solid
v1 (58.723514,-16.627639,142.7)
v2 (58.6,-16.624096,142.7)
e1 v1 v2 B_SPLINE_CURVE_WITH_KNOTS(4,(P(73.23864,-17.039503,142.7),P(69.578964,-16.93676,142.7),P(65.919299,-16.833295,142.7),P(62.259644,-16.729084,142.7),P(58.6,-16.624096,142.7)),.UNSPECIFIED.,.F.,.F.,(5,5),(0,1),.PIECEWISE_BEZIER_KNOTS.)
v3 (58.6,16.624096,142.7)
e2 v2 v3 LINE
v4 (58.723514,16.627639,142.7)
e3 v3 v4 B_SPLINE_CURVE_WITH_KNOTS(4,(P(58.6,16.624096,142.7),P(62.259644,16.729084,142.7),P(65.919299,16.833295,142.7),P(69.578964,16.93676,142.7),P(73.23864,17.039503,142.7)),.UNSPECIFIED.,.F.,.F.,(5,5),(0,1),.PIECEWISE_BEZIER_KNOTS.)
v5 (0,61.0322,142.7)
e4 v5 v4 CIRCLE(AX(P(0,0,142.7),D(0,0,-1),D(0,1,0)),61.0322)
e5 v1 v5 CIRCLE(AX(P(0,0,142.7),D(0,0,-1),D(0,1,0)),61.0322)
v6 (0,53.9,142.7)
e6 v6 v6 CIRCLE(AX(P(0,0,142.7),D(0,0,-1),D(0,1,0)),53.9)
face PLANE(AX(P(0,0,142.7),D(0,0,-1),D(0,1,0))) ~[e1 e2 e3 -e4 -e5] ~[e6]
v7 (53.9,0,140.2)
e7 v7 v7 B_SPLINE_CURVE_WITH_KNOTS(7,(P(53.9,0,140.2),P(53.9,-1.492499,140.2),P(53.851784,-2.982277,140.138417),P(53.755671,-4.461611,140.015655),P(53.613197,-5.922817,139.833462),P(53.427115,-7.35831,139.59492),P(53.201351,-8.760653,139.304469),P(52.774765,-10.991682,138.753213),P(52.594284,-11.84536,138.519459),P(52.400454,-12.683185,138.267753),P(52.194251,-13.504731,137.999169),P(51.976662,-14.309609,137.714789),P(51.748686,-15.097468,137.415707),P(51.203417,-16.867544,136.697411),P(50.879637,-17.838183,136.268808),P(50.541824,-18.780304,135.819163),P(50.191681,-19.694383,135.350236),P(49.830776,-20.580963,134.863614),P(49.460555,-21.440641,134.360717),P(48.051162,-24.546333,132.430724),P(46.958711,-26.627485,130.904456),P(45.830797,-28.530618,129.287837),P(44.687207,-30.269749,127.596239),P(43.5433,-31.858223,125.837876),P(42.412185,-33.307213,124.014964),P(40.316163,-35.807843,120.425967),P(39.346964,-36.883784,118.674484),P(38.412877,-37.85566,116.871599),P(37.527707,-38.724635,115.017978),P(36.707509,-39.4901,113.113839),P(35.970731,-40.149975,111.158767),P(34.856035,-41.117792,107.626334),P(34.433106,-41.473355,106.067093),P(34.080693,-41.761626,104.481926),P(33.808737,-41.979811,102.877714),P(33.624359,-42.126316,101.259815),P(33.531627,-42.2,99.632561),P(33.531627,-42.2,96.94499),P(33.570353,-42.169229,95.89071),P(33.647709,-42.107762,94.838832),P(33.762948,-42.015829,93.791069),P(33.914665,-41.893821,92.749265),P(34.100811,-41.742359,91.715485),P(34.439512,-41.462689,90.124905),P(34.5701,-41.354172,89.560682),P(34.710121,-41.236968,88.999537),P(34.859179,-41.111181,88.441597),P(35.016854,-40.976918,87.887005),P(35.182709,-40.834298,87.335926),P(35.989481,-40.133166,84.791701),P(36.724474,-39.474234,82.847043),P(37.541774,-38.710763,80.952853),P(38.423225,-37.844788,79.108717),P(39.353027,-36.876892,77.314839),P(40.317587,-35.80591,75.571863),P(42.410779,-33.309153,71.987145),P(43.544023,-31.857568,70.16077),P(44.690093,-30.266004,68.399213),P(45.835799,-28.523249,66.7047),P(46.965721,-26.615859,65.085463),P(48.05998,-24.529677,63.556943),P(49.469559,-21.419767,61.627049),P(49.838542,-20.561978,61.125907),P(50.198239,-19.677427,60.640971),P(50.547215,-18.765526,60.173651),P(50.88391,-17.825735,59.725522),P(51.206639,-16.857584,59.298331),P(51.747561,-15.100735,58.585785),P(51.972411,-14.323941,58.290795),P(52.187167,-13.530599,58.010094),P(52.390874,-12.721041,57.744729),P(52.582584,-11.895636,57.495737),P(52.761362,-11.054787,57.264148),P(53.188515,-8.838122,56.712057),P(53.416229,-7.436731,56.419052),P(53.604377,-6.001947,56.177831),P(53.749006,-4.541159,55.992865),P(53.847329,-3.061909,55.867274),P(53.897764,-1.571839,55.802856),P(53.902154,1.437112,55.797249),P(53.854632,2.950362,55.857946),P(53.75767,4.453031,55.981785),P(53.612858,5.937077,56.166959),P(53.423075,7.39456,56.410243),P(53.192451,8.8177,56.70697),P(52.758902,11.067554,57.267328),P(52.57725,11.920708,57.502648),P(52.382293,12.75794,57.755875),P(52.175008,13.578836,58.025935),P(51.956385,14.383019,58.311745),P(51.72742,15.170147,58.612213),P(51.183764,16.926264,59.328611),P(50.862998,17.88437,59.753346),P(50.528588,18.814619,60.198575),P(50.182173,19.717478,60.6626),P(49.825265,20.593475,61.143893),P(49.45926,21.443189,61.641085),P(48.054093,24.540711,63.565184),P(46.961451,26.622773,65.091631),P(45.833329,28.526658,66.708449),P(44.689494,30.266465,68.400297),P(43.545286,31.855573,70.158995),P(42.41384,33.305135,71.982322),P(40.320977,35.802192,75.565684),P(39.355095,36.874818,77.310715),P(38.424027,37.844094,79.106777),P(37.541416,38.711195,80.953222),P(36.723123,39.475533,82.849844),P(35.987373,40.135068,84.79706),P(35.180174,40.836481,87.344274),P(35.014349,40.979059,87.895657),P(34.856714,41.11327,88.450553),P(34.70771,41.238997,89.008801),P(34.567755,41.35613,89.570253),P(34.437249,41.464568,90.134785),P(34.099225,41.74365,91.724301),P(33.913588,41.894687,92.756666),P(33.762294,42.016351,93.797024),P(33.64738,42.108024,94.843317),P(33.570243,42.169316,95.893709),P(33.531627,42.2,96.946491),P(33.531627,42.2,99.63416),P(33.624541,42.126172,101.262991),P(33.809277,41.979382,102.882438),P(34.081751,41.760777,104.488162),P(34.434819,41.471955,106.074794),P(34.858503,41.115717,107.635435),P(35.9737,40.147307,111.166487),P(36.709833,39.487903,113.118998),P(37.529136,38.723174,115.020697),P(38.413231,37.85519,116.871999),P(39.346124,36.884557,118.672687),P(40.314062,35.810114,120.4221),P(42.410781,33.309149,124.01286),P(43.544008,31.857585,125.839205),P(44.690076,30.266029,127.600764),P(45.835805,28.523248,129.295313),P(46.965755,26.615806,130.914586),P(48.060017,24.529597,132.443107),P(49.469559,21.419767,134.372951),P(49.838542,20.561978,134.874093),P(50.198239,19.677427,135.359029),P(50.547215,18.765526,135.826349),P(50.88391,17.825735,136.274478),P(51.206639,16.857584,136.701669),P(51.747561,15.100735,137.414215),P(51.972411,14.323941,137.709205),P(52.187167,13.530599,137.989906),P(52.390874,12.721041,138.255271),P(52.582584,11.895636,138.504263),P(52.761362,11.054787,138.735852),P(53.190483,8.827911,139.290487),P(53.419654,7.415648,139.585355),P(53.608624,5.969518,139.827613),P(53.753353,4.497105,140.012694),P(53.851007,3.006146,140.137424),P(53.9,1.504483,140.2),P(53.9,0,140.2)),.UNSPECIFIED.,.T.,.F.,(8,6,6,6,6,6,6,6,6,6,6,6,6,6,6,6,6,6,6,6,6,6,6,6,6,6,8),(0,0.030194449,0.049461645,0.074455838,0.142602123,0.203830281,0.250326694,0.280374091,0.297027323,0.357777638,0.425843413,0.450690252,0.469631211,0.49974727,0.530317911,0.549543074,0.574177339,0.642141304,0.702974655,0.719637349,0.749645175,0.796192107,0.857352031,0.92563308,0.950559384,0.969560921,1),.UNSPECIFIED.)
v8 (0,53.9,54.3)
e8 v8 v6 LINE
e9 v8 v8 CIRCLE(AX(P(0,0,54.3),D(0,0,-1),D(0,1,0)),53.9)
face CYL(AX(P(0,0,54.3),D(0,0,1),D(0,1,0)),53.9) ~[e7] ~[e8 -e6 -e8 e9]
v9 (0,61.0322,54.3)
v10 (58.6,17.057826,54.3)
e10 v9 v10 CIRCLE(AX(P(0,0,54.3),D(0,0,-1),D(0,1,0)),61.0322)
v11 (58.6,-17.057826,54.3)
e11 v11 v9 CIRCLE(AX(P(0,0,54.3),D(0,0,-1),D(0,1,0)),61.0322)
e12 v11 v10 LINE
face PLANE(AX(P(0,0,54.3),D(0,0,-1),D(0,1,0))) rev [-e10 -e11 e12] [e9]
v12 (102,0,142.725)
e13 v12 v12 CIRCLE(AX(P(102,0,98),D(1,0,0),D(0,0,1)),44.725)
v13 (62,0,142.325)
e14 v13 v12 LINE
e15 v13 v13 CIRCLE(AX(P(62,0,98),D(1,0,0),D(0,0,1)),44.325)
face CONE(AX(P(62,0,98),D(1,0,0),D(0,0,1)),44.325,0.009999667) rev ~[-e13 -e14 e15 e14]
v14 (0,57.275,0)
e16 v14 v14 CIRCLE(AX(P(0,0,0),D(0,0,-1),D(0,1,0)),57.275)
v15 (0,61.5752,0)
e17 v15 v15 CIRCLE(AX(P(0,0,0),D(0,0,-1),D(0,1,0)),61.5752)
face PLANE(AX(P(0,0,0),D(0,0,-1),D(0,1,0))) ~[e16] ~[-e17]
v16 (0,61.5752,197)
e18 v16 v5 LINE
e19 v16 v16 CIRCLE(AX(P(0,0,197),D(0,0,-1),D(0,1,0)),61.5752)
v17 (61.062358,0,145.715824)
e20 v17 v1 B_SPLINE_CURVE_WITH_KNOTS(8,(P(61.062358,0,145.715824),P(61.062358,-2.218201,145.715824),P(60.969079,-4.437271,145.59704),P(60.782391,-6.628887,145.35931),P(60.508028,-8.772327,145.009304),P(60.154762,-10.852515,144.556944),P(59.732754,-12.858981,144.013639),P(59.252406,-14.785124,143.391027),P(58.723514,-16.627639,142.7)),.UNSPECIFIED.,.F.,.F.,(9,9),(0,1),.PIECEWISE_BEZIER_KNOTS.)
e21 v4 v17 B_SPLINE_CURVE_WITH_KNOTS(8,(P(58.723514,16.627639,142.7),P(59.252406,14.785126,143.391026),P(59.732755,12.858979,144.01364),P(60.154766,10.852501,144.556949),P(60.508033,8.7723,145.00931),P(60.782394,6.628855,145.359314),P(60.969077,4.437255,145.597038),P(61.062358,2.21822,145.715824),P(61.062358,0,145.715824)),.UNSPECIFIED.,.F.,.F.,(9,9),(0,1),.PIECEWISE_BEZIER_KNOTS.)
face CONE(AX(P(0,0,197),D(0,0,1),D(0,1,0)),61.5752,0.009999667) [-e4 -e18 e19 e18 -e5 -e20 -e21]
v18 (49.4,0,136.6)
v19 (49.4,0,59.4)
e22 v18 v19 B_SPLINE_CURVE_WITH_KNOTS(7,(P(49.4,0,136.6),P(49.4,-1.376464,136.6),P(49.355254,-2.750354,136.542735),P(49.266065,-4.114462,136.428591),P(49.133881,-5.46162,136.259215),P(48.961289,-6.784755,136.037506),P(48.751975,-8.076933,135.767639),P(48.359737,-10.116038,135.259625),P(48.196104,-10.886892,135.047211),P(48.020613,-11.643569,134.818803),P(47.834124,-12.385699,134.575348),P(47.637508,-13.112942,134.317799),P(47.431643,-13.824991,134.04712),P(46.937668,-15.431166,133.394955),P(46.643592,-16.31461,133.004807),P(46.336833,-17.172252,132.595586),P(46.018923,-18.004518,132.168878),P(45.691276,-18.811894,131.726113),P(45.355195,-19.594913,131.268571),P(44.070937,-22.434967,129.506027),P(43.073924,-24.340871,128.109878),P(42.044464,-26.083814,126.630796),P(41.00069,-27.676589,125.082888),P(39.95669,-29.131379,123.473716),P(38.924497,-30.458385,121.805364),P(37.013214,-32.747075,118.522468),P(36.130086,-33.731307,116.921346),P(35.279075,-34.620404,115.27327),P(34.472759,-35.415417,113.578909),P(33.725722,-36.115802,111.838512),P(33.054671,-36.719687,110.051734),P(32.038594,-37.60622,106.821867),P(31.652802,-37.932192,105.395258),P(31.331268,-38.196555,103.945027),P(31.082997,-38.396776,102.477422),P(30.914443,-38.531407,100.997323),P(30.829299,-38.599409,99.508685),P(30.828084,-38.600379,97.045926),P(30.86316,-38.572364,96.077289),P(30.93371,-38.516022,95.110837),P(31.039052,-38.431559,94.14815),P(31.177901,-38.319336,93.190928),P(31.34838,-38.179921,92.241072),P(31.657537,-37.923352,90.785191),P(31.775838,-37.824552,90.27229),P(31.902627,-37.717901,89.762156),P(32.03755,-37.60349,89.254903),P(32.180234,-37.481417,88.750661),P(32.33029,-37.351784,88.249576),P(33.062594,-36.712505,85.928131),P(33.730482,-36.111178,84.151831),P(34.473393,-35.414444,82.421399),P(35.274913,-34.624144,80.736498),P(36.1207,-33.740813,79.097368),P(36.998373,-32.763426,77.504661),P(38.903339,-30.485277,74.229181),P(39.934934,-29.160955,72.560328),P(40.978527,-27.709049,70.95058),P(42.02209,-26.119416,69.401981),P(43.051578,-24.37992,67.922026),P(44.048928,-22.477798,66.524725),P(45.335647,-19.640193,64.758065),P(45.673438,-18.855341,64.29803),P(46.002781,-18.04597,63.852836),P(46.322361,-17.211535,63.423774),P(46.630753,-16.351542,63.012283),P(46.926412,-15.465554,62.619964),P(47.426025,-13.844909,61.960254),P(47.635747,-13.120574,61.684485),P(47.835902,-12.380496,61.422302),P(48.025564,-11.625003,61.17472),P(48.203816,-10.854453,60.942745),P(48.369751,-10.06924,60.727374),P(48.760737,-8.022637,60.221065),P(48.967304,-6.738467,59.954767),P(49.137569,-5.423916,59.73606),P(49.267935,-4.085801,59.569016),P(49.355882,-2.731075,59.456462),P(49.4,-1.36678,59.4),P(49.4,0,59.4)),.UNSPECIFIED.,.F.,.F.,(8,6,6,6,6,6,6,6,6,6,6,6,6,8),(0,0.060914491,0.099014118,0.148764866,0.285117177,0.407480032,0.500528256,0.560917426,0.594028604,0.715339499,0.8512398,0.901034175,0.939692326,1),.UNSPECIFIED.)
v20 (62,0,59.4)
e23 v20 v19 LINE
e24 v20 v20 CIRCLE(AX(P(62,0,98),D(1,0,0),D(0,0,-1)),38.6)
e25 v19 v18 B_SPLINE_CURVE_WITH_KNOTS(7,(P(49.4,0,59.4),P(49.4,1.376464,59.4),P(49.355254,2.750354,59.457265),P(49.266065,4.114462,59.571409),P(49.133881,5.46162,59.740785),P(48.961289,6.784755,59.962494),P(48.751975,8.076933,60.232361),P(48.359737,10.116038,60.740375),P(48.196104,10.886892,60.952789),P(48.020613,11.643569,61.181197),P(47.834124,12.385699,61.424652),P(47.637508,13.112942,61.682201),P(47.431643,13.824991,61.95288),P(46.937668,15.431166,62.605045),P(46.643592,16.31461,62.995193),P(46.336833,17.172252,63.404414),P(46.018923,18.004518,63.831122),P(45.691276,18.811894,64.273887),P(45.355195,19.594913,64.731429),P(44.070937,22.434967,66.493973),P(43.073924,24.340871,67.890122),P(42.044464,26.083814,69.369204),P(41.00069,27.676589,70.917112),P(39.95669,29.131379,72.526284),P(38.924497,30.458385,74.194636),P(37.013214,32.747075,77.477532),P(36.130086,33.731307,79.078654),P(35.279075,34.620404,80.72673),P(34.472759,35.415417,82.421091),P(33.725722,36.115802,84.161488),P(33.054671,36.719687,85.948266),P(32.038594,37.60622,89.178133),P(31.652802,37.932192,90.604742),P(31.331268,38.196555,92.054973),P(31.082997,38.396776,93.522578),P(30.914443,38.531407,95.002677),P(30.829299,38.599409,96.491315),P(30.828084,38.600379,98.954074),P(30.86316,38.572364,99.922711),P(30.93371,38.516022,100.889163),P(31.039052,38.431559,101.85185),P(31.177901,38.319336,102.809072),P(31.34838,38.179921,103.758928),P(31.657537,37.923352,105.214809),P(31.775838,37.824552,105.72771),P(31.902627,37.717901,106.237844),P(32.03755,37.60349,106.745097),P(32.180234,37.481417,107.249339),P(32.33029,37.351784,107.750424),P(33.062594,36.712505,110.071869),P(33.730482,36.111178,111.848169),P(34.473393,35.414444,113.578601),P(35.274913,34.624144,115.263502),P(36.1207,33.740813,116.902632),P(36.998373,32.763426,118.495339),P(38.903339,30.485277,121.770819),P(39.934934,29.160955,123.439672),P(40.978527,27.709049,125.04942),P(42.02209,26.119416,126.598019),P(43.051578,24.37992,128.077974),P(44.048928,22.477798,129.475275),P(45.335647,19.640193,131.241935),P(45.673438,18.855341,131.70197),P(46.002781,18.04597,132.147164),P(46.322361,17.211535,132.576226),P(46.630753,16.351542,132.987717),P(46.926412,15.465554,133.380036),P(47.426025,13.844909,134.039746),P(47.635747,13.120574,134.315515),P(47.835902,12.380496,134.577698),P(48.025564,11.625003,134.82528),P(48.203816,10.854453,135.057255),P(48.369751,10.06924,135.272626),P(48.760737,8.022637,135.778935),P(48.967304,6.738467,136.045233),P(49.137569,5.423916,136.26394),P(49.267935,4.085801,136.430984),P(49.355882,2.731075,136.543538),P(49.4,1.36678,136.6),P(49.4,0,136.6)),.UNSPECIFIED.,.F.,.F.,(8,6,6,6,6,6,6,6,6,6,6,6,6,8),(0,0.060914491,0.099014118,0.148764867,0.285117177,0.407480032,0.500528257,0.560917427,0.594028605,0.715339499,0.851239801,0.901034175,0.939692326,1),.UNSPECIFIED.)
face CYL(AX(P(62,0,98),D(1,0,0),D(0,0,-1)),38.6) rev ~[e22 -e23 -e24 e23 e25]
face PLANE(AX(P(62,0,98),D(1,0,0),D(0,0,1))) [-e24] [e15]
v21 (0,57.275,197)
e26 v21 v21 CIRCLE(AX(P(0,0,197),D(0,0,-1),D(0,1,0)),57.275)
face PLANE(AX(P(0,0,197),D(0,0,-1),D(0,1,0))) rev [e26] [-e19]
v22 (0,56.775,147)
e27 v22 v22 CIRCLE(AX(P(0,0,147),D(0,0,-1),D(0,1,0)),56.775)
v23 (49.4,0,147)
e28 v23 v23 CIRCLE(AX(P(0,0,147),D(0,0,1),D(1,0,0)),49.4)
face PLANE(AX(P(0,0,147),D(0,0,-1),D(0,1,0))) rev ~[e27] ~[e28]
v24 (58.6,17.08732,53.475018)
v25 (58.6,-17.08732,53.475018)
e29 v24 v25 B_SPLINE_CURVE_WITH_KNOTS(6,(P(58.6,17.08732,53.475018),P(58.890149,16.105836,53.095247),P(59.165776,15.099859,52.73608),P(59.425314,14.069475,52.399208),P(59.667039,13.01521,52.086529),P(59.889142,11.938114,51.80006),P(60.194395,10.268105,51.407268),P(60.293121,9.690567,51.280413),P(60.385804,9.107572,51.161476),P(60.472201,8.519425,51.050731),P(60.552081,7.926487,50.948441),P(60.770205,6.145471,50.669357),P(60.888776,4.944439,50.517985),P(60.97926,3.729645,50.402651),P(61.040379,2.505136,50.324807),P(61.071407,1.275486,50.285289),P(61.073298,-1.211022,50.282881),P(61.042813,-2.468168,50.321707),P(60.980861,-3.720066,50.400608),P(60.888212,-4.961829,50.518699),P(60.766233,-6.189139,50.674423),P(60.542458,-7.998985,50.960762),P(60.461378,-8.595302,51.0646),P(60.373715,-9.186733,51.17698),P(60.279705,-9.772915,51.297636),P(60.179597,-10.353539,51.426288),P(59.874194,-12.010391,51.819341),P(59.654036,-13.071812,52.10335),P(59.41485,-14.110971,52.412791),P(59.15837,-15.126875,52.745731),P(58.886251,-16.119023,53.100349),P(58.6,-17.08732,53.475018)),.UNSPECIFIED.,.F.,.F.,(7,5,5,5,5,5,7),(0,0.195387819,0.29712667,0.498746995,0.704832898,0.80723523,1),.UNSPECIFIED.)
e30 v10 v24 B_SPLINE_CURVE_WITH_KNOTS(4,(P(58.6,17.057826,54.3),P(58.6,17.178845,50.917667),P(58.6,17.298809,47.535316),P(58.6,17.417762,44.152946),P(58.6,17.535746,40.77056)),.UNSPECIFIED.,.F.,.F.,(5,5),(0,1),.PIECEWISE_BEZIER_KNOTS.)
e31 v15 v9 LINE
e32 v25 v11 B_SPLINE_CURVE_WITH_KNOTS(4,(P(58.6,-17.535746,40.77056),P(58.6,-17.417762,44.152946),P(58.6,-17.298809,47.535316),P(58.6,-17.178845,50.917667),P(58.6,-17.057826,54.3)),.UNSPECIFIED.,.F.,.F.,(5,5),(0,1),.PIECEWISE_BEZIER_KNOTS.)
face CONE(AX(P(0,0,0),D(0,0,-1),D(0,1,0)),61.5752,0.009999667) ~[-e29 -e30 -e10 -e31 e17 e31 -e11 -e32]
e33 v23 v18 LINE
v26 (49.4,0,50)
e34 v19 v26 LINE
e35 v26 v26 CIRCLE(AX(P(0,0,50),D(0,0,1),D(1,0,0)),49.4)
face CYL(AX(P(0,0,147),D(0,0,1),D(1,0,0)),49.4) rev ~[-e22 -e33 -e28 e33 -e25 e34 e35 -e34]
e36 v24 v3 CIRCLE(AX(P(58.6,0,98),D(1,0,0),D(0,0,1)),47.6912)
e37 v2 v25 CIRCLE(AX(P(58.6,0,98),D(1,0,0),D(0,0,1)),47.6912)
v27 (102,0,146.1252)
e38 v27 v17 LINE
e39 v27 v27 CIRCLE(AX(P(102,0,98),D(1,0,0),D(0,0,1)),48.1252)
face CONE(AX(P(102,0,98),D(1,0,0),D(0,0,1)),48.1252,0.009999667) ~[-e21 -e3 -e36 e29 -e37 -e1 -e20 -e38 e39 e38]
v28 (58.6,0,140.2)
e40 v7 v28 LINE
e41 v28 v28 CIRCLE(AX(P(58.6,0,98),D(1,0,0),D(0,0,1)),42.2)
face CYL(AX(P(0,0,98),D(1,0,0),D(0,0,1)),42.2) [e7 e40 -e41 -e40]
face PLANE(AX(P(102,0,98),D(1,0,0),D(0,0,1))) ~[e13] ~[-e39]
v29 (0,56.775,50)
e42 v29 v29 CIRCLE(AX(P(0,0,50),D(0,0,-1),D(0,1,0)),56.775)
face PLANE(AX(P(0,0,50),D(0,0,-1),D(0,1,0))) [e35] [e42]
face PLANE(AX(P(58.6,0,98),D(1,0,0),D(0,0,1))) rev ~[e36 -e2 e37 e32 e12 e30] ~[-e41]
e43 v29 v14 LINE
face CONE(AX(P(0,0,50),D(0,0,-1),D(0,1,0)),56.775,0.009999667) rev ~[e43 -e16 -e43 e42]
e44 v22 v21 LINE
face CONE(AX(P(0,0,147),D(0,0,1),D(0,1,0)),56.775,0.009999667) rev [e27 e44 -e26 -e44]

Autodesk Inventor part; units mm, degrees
ref_plane "YZ Plane" through (0, 0, 0) normal (1, 0, 0) x (0, 1, 0)
ref_plane "XZ Plane" through (0, 0, 0) normal (0, 1, 0) x (-1, 0, 0)
ref_plane "XY Plane" through (0, 0, 0) normal (0, 0, 1) x (1, 0, 0)
sketch "Sketch1" plane through (0, 0, 0) normal (1, 0, 0) x (0, 1, 0)
  line L0 (0, 0) -> (61.5752, 0)
  line L1 (61.5752, 0) -> (61.0322, 54.3)
  line L2 (0, 197) -> (0, 0)
  line L3 (56.775, 50) -> (57.275, 0)
  line L4 (53.9, 54.3) -> (53.9, 142.7)
  line L5 (0, 54.3) -> (61.0322, 54.3)
  line L6 (56.775, 50) -> (0, 50)
  line L7 (0, 98.5) -> (53.9, 98.5) construction
  line L8 (0, 197) -> (61.5752, 197)
  line L9 (61.5752, 197) -> (61.0322, 142.7)
  line L10 (56.775, 147) -> (57.275, 197)
  line L11 (0, 142.7) -> (61.0322, 142.7)
  line L12 (56.775, 147) -> (0, 147)
  line L13 (0, 142.7) -> (0, 54.3)
  dimension "d0" = 114.55
  dimension "d3" = 113.55
  dimension "d4" = 107.8
  dimension "d5" = 4.3
  dimension "d8" = 50
  dimension "d9" = 4.3
  dimension "d25" = 197
revolve "Revolution1" add sketch "Sketch1" angle 360 about axis through (0, 0, 197) along (0, 0, -1) contours L3 L6 L2 L5 L1 L0 | L2 L11 L4 L5 | L2 L12 L10 L8 L9 L11
sketch "Sketch2" plane through (0, 0, 0) normal (0, 1, 0) x (-1, 0, 0)
  line L0 (-57.275, 0) -> (57.275, 0) projected
  line L1 (0, 197) -> (0, 0)
  line L2 (0, 98) -> (-102, 98)
  line L3 (-102, 98) -> (-102, 146.1252)
  line L4 (-102, 146.1252) -> (-58.6, 145.6912)
  line L5 (-58.6, 145.6912) -> (-58.6, 98)
  line L6 (-62, 145.7252) -> (-62, 98)
  line L7 (0, 140.2) -> (-58.6, 140.2)
  line L8 (-62, 142.325) -> (-102, 142.725)
  line L9 (-57.275, 197) -> (57.275, 197) projected
  dimension "d10" = 98
  dimension "d13" = 102
  dimension "d14" = 89.45
  dimension "d15" = 88.65
  dimension "d16" = 84.4
  dimension "d17" = 40
  dimension "d18" = 3.4
  dimension "d19" = 3.4
revolve "Revolution2" add sketch "Sketch2" angle 360 about axis through (0, 0, 98) along (1, 0, 0) contours L1 L2 L5 L7 | L5 L2 L6 L4 | L6 L8 L3 L4
sketch "Sketch3" plane through (0, 0, 147) normal (0, 0, 1) x (1, 0, 0)
  circle A0 centre (0, 0) radius 56.775 projected
  circle A1 centre (0, 0) radius 49.4
  dimension "d26" = 98.8
extrude "Extrusion1" cut sketch "Sketch3" against normal through all contours A1
sketch "Sketch4" plane through (62, 0, 98) normal (1, 0, 0) x (0, 0, -1)
  circle A0 centre (0, 0) radius 38.6
  circle A1 centre (0, 0) radius 44.325 projected
  dimension "d23" = 77.2
extrude "Extrusion2" cut sketch "Sketch4" against normal up to surface contours A0
equation "\"d26\" = d1"
equation "\"d23\" = d2"
equation "\"d0\" = d11"
equation "\"d3\" = d21"
equation "\"d4\" = d1 + 2 * t11"
equation "\"d5\" = t21"
equation "\"d8\" = l11"
equation "\"d9\" = t21"
equation "\"d25\" = L1 + L2"
equation "\"d10\" = L1"
equation "\"d13\" = L3"
equation "\"d14\" = d12"
equation "\"d15\" = d22"
equation "\"d16\" = d2 + 2 * t12"
equation "\"d17\" = l12"
equation "\"d18\" = t22"
equation "\"d19\" = t22"
equation "\"d1\" = 98.8"
equation "\"d11\" = 114.55"
equation "\"d21\" = 113.55"
equation "\"l11\" = 50"
equation "\"L1\" = 98"
equation "\"L2\" = 99"
equation "\"L3\" = 102"
equation "\"t11\" = 4.5"
equation "\"t21\" = 4.3"
equation "\"Z1\" = 48"
equation "\"Z2\" = 49"
equation "\"Z3\" = 62"
equation "\"d2\" = 77.2"
equation "\"d12\" = 89.45"
equation "\"d22\" = 88.65"
equation "\"l12\" = 40"
equation "\"t12\" = 3.6"
equation "\"t22\" = 3.4"
equation "\"d7\" = t21"
equation "\"Size_Designation\" = 1.2345"
properties part number "JIS K 6739 90 Deg Lateral Reducer (DT) 100 x 100 x 75" material "PVC, Unplasticized"
